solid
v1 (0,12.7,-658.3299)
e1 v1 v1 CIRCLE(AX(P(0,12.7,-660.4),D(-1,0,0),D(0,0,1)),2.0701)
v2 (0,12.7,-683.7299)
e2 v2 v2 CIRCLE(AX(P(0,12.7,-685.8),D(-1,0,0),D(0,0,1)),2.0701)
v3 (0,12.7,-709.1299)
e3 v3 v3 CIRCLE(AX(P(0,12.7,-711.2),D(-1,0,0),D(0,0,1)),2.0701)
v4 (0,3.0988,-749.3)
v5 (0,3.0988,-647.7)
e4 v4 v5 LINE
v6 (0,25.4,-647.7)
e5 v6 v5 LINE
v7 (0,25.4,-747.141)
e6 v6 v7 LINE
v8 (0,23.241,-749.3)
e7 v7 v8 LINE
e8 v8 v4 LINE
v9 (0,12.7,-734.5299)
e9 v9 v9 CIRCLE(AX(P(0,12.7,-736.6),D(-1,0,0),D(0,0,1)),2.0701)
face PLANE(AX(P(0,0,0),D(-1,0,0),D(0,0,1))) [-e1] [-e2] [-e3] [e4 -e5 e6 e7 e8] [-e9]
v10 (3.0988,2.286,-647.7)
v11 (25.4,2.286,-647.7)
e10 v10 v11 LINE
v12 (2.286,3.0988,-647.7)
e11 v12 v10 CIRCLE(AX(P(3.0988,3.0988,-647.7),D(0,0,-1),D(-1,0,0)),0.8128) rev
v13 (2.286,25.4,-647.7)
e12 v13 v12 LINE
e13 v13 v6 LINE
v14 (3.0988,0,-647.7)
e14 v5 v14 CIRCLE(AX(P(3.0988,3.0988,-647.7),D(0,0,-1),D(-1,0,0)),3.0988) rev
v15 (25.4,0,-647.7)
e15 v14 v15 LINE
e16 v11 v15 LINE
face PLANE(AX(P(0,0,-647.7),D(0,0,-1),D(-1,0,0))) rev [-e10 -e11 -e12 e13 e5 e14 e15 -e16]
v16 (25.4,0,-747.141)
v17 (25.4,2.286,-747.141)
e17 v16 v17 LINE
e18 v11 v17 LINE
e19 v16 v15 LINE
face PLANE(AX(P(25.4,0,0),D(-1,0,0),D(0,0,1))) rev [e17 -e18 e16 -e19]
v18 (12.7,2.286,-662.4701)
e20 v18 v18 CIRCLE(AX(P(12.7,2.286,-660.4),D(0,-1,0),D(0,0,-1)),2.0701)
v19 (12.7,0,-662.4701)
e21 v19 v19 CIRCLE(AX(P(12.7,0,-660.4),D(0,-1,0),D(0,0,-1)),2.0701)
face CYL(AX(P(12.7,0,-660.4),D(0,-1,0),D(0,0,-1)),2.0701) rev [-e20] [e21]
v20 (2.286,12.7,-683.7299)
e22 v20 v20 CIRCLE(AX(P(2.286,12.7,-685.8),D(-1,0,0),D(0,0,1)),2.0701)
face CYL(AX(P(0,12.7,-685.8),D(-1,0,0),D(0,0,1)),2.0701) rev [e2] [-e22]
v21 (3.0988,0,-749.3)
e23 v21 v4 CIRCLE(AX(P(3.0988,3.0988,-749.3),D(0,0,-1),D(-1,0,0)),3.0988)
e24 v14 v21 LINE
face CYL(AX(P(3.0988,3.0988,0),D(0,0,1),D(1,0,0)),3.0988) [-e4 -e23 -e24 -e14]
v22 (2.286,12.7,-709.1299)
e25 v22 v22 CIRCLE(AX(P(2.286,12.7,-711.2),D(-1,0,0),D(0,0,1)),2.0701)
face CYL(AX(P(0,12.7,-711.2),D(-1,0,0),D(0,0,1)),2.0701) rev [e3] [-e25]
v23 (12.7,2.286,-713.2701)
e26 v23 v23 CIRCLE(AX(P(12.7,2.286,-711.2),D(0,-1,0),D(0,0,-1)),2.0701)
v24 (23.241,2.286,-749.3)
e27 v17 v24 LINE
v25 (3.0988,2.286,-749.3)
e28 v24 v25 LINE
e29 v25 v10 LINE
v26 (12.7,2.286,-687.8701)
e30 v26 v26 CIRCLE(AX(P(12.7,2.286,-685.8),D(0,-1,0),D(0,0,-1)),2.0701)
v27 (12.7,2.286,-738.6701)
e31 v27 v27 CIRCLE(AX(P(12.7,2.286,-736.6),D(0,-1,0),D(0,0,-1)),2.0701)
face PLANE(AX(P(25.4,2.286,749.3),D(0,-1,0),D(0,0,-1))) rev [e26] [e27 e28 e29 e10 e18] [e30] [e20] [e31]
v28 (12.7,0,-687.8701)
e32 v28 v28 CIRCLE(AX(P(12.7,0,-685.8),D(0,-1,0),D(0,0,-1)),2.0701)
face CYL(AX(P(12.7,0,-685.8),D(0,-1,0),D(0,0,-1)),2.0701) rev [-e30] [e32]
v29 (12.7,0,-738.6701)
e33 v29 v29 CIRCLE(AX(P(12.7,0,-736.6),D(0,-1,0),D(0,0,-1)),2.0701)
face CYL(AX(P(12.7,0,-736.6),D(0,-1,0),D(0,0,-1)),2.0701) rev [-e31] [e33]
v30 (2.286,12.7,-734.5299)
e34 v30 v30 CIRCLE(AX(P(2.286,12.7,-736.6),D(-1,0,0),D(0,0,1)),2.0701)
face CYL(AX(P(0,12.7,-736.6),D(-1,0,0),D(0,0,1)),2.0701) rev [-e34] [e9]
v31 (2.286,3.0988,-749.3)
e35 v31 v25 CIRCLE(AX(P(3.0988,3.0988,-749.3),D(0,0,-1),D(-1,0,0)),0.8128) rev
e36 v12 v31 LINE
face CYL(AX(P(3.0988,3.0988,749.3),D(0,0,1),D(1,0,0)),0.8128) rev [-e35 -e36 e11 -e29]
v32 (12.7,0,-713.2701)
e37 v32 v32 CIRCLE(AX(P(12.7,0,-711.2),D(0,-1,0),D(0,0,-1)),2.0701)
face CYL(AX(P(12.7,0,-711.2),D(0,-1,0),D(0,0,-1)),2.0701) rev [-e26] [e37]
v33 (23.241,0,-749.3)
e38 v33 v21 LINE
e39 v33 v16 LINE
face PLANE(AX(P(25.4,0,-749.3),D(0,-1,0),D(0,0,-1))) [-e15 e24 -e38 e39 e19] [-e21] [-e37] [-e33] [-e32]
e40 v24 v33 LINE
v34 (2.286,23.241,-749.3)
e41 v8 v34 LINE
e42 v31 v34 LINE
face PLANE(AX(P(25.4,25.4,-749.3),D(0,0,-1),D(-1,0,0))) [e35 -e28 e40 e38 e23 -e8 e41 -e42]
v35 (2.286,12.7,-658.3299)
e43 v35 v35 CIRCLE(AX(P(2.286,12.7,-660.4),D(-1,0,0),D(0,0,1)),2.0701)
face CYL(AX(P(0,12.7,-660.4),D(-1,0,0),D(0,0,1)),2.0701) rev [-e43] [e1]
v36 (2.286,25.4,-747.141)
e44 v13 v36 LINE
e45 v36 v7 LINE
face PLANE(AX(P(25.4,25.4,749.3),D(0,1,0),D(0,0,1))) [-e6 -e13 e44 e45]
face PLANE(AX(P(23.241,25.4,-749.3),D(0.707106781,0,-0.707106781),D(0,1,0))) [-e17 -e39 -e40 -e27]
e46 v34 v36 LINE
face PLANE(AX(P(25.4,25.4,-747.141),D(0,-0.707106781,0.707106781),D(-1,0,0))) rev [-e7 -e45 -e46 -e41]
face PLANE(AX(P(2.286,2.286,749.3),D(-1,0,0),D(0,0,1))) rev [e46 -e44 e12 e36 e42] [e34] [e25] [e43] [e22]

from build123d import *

# Parameters (mm, degrees)
SKETCH1_W                  = 25.4
SKETCH1_H                  = 1498.6
BOSS_EXTRUDE1_DEPTH        = 25.4
SKETCH2_W                  = 23.114
SKETCH2_H                  = 23.114
CUT_EXTRUDE1_DEPTH         = 1499.6
M3_5_CLEARANCE_HOLE1_D     = 4.1402
M3_5_CLEARANCE_HOLE1_DEPTH = 25.4
M3_5_CLEARANCE_HOLE2_D     = 4.1402
M3_5_CLEARANCE_HOLE2_DEPTH = 25.4
CHAMFER1_SIZE              = 2.159
FILLET1_R                  = 0.8128
FILLET2_R                  = 3.0988
SKETCH8_W                  = 95.882963774
SKETCH8_H                  = 79.338329604
CUT_EXTRUDE3_DEPTH         = 1397


with BuildPart() as part:
    # Sketch1 → Boss-Extrude1 (new body)
    with BuildSketch(Plane(origin=(0, 0, 0), x_dir=(0, -1, 0), z_dir=(-1, 0, 0))):
        with Locations((-12.7, 0)):
            Rectangle(SKETCH1_W, SKETCH1_H)
    extrude(amount=-BOSS_EXTRUDE1_DEPTH)

    # Sketch2 → Cut-Extrude1 (cut, through all)
    with BuildSketch(Plane(origin=(0, 0, -749.3), x_dir=(-1, 0, 0), z_dir=(0, 0, -1))):
        with Locations((-13.843, 13.843)):
            Rectangle(SKETCH2_W, SKETCH2_H)
    extrude(amount=-CUT_EXTRUDE1_DEPTH, mode=Mode.SUBTRACT)

    # M3.5 Clearance Hole1
    with Locations(Plane(origin=(0, 0, 0), x_dir=(-1, 0, 0), z_dir=(0, -1, 0))):
        with Locations((-12.7, 736.6), (-12.7, 711.2), (-12.7, 685.8), (-12.7, 660.4), (-12.7, 635), (-12.7, 609.6), (-12.7, 584.2), (-12.7, 558.8), (-12.7, 533.4), (-12.7, 508), (-12.7, 482.6), (-12.7, 457.2), (-12.7, 431.8), (-12.7, 406.4), (-12.7, 381), (-12.7, 355.6), (-12.7, 330.2), (-12.7, 304.8), (-12.7, 279.4), (-12.7, 254), (-12.7, 228.6), (-12.7, 203.2), (-12.7, 177.8), (-12.7, 152.4), (-12.7, 127), (-12.7, 101.6), (-12.7, 76.2), (-12.7, 50.8), (-12.7, 25.4), (-12.7, 0), (-12.7, -25.4), (-12.7, -50.8), (-12.7, -76.2), (-12.7, -101.6), (-12.7, -127), (-12.7, -152.4), (-12.7, -177.8), (-12.7, -203.2), (-12.7, -228.6), (-12.7, -254), (-12.7, -279.4), (-12.7, -304.8), (-12.7, -330.2), (-12.7, -355.6), (-12.7, -381), (-12.7, -406.4), (-12.7, -431.8), (-12.7, -457.2), (-12.7, -482.6), (-12.7, -508), (-12.7, -533.4), (-12.7, -558.8), (-12.7, -584.2), (-12.7, -609.6), (-12.7, -635), (-12.7, -660.4), (-12.7, -685.8), (-12.7, -711.2), (-12.7, -736.6)):
            Hole(M3_5_CLEARANCE_HOLE1_D / 2, depth=M3_5_CLEARANCE_HOLE1_DEPTH)

    # M3.5 Clearance Hole2
    with Locations(Plane.ZY):
        with Locations((711.2, 12.7), (736.6, 12.7), (685.8, 12.7), (660.4, 12.7), (635, 12.7), (609.6, 12.7), (584.2, 12.7), (558.8, 12.7), (533.4, 12.7), (508, 12.7), (482.6, 12.7), (457.2, 12.7), (431.8, 12.7), (406.4, 12.7), (381, 12.7), (355.6, 12.7), (330.2, 12.7), (304.8, 12.7), (279.4, 12.7), (254, 12.7), (228.6, 12.7), (203.2, 12.7), (177.8, 12.7), (152.4, 12.7), (127, 12.7), (101.6, 12.7), (76.2, 12.7), (50.8, 12.7), (25.4, 12.7), (0, 12.7), (-25.4, 12.7), (-50.8, 12.7), (-76.2, 12.7), (-101.6, 12.7), (-127, 12.7), (-152.4, 12.7), (-177.8, 12.7), (-203.2, 12.7), (-228.6, 12.7), (-254, 12.7), (-279.4, 12.7), (-304.8, 12.7), (-330.2, 12.7), (-355.6, 12.7), (-381, 12.7), (-406.4, 12.7), (-431.8, 12.7), (-457.2, 12.7), (-482.6, 12.7), (-508, 12.7), (-533.4, 12.7), (-558.8, 12.7), (-584.2, 12.7), (-609.6, 12.7), (-635, 12.7), (-660.4, 12.7), (-685.8, 12.7), (-711.2, 12.7), (-736.6, 12.7)):
            Hole(M3_5_CLEARANCE_HOLE2_D / 2, depth=M3_5_CLEARANCE_HOLE2_DEPTH)

    # Chamfer1
    chamfer1_edges = [part.edges().sort_by_distance(p)[0] for p in [
        (25.4, 1.143, -749.3),
        (1.143, 25.4, 749.3),
        (1.143, 25.4, -749.3),
        (25.4, 1.143, 749.3),
    ]]
    chamfer(chamfer1_edges, length=CHAMFER1_SIZE)

    # Fillet1
    fillet1_edges = [part.edges().sort_by_distance(p)[0] for p in [
        (2.286, 2.286, 0),
    ]]
    fillet(fillet1_edges, radius=FILLET1_R)

    # Fillet2
    fillet2_edges = [part.edges().sort_by_distance(p)[0] for p in [
        (0, 0, 0),
    ]]
    fillet(fillet2_edges, radius=FILLET2_R)

    # Sketch8 → Cut-Extrude3 (cut)
    with BuildSketch(Plane.XY.offset(749.3)):
        with Locations((2.286, 3.0988)):
            Rectangle(SKETCH8_W, SKETCH8_H)
    extrude(amount=-CUT_EXTRUDE3_DEPTH, mode=Mode.SUBTRACT)


solid = part.part
